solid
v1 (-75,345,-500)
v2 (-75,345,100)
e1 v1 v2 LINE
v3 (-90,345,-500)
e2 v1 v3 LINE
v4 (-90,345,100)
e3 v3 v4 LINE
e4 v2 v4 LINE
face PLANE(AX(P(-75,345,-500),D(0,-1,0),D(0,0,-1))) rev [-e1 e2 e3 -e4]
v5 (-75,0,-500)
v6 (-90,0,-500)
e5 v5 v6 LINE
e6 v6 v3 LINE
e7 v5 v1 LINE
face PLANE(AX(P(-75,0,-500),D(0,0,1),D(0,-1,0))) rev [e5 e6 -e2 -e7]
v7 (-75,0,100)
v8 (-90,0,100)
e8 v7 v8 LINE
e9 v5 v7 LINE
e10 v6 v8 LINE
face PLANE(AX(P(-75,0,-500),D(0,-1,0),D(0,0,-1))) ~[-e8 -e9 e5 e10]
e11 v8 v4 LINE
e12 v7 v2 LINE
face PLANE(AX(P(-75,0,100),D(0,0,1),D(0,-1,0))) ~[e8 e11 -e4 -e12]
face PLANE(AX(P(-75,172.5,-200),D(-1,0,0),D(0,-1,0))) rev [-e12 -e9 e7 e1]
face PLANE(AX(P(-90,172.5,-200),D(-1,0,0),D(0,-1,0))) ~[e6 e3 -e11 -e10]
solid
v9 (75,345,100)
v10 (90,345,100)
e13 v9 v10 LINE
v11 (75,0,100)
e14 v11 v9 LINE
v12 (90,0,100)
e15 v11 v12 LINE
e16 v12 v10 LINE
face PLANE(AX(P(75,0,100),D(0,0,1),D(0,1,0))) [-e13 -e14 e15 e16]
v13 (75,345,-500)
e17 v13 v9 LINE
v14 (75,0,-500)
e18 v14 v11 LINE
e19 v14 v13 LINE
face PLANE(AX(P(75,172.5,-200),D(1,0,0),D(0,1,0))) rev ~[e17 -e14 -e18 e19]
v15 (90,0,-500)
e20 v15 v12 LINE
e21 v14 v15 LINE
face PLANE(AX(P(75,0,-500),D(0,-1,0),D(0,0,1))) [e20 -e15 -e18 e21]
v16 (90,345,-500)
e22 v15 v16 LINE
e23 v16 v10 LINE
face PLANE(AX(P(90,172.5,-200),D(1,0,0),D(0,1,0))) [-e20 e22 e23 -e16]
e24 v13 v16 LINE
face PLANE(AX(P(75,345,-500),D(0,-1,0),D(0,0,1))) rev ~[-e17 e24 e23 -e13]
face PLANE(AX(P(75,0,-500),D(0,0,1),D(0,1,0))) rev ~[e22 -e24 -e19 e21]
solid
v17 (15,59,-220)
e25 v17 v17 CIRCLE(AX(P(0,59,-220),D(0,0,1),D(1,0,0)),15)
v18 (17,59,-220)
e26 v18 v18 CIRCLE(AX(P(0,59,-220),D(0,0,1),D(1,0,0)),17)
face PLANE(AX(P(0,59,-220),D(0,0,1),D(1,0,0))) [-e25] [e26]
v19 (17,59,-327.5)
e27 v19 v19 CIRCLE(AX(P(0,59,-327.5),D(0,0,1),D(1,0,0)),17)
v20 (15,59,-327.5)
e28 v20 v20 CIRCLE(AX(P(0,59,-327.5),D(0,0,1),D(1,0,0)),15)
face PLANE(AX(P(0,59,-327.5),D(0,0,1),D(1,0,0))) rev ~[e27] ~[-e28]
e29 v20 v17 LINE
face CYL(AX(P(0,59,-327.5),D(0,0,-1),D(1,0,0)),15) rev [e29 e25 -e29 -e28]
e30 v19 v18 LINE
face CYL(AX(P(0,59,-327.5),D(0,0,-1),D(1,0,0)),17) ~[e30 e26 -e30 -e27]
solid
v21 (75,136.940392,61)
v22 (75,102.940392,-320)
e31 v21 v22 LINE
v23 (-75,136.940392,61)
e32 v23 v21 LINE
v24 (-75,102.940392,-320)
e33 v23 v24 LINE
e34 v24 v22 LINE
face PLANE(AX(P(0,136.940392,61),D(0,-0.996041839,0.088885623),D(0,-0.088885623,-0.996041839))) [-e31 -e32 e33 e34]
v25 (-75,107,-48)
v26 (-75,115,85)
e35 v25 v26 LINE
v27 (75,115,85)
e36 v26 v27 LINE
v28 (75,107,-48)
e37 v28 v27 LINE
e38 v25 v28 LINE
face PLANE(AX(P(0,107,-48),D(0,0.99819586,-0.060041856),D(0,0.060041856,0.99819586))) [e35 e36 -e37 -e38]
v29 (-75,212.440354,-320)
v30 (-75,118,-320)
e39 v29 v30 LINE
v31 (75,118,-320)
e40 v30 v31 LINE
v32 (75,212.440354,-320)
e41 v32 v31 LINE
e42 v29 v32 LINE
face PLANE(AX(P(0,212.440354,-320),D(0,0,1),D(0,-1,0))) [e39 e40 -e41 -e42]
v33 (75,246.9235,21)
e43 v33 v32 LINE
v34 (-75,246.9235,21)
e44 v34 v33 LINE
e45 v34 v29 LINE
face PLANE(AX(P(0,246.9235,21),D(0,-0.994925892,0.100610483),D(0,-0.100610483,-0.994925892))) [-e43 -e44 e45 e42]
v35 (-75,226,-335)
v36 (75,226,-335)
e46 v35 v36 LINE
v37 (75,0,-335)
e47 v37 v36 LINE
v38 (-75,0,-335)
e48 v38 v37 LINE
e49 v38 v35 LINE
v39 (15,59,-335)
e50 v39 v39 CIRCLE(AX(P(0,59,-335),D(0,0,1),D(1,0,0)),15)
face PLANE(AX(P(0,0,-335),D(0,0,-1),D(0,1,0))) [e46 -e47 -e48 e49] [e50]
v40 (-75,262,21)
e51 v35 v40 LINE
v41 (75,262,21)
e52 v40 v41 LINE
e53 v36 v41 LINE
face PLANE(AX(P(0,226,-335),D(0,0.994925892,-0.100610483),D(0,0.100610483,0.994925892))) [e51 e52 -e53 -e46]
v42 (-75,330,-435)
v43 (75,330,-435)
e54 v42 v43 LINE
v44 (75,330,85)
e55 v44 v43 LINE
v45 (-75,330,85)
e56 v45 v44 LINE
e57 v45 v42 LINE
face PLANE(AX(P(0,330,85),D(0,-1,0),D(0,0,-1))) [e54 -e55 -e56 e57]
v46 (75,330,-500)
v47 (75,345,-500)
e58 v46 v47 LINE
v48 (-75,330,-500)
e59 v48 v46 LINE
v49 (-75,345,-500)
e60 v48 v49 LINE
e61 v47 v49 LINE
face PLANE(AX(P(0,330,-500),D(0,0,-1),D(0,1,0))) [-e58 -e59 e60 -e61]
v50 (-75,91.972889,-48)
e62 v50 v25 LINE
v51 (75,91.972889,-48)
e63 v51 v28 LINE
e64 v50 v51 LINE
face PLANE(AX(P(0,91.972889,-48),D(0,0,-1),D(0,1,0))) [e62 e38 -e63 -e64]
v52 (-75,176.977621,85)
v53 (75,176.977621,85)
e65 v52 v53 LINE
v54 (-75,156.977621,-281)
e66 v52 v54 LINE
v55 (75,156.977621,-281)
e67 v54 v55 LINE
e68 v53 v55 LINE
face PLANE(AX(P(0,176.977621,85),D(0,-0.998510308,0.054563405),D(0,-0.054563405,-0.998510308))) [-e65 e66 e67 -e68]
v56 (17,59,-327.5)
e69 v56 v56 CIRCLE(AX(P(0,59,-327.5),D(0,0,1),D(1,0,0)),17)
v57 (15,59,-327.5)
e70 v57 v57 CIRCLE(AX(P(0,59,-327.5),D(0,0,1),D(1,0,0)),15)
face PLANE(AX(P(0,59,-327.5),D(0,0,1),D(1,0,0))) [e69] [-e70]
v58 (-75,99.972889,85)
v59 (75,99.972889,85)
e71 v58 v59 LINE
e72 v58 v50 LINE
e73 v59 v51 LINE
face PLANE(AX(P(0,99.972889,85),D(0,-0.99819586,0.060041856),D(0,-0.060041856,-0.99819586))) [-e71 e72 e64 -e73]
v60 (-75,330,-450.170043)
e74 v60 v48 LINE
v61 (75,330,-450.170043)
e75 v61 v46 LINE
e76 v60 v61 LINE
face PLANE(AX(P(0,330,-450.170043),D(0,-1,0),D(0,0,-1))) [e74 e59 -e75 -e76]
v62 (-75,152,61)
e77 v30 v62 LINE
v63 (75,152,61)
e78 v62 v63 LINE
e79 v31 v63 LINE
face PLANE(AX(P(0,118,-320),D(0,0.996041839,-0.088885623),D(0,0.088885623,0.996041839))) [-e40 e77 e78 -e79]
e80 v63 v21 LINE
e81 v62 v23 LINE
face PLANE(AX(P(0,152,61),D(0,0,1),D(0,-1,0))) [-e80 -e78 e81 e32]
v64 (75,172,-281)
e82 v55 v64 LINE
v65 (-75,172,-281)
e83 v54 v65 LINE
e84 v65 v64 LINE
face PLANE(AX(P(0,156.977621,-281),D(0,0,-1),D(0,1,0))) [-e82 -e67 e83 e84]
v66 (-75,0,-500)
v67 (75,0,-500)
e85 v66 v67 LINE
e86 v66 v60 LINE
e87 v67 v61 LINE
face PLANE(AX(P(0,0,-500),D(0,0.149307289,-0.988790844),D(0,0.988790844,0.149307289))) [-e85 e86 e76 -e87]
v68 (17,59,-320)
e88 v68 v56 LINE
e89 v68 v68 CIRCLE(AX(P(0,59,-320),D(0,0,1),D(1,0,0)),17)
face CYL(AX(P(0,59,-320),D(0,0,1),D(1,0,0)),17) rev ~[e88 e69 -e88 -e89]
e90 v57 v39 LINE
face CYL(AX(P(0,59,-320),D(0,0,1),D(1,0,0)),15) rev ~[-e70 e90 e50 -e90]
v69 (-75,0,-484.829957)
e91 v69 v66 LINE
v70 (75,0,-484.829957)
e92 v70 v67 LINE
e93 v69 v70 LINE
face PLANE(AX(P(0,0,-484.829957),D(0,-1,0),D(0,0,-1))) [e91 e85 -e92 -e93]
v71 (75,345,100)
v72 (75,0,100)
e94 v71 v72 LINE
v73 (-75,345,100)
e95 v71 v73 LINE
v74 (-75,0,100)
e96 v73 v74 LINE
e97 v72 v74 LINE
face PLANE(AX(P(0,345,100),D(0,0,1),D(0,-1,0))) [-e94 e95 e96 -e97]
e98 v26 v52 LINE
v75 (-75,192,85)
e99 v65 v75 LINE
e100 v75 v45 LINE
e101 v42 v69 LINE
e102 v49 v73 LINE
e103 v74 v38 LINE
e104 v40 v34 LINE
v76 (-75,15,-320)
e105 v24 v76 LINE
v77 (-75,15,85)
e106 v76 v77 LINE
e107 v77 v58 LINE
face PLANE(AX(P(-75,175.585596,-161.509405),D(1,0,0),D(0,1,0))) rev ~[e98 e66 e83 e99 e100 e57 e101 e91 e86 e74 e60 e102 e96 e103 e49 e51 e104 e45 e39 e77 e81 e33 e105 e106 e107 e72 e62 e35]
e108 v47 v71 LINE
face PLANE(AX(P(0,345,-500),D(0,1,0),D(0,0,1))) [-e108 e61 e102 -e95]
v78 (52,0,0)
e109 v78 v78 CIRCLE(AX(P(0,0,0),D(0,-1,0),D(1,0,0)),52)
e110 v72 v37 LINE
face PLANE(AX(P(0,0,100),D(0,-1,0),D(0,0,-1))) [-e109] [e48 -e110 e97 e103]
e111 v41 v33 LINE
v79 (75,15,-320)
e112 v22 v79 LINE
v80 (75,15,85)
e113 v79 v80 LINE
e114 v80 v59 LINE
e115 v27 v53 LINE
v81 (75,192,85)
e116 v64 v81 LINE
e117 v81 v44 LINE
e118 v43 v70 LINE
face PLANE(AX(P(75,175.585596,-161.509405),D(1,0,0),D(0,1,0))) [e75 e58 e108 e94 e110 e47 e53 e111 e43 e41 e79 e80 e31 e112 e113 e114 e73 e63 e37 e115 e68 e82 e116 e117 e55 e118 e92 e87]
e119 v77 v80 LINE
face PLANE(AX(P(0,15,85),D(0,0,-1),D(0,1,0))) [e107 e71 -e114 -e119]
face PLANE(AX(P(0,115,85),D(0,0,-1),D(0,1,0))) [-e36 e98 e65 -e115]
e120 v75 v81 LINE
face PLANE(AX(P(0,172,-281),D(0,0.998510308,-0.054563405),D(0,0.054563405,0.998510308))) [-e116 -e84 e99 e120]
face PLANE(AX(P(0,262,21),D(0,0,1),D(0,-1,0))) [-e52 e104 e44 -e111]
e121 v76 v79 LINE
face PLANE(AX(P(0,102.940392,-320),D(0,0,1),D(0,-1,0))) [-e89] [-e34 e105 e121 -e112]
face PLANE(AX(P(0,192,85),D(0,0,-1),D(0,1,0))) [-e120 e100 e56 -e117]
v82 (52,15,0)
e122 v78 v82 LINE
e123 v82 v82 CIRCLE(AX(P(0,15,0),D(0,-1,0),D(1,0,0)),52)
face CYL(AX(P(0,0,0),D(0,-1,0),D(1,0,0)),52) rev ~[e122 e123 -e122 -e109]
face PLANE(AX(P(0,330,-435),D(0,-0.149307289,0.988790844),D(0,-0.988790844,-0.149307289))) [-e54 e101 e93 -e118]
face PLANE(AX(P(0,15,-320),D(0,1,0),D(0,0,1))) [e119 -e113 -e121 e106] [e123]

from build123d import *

# Parameters (mm, degrees)
F1_DEPTH    = 75
F2_R        = 52
F3_DEPTH    = 15
F4_W        = 345
F4_H        = 600
F5_DEPTH    = 15
F7_R        = 15
F8_DEPTH    = 15
F7_R_2      = 17
F9_DEPTH    = 7.5
F9_FACE_R   = 17
F9_FACE_R_2 = 15
F10_DEPTH   = 107.5


with BuildPart() as f1:
    # F0 (on Right) → F1 (new body, symmetric)
    with BuildSketch(Plane.YZ):
        Polygon((0, 100), (0, -335), (226, -335), (262, 21), (246.9235, 21), (212.440354, -320), (118, -320), (152, 61), (136.940392, 61), (102.940392, -320), (15, -320), (15, 85), (99.972889, 85), (91.972889, -48), (107, -48), (115, 85), (176.977621, 85), (156.977621, -281), (172, -281), (192, 85), (330, 85), (330, -435), (0, -484.829957), (0, -500), (330, -450.170043), (330, -500), (345, -500), (345, 100), align=None)
    extrude(amount=F1_DEPTH, both=True)

    # F2 (on face) → F3 (cut, through all)
    with BuildSketch(Plane.XZ):
        Circle(F2_R)
    extrude(amount=-F3_DEPTH, mode=Mode.SUBTRACT)

    # F7 (on face) → F8 (cut, through all)
    with BuildSketch(Plane.XY.offset(-320)):
        with Locations((0, 59)):
            Circle(F7_R)
    extrude(amount=-F8_DEPTH, mode=Mode.SUBTRACT)

    # F7 (on face) → F9 (cut)
    with BuildSketch(Plane.XY.offset(-320)):
        with Locations((0, 59)):
            Circle(F7_R_2)
        with Locations((0, 59)):
            Circle(F7_R, mode=Mode.SUBTRACT)
    extrude(amount=-F9_DEPTH, mode=Mode.SUBTRACT)


with BuildPart() as f5:
    # F4 (on face) → F5 (new body)
    with BuildSketch(Plane.YZ.offset(75)):
        with Locations((172.5, -200)):
            Rectangle(F4_W, F4_H)
    extrude(amount=F5_DEPTH)


with BuildPart() as f6_1:
    # F6: instance of F5
    add(f5.part.mirror(Plane.YZ))


with BuildPart() as f10:
    # F9_face (on face) → F10 (new body)
    with BuildSketch(Plane(origin=(0, 59, -327.5), x_dir=(1, 0, 0), z_dir=(0, 0, 1))):
        Circle(F9_FACE_R)
        Circle(F9_FACE_R_2, mode=Mode.SUBTRACT)
    extrude(amount=F10_DEPTH)


solid = Compound([f1.part, f5.part, f6_1.part, f10.part])
